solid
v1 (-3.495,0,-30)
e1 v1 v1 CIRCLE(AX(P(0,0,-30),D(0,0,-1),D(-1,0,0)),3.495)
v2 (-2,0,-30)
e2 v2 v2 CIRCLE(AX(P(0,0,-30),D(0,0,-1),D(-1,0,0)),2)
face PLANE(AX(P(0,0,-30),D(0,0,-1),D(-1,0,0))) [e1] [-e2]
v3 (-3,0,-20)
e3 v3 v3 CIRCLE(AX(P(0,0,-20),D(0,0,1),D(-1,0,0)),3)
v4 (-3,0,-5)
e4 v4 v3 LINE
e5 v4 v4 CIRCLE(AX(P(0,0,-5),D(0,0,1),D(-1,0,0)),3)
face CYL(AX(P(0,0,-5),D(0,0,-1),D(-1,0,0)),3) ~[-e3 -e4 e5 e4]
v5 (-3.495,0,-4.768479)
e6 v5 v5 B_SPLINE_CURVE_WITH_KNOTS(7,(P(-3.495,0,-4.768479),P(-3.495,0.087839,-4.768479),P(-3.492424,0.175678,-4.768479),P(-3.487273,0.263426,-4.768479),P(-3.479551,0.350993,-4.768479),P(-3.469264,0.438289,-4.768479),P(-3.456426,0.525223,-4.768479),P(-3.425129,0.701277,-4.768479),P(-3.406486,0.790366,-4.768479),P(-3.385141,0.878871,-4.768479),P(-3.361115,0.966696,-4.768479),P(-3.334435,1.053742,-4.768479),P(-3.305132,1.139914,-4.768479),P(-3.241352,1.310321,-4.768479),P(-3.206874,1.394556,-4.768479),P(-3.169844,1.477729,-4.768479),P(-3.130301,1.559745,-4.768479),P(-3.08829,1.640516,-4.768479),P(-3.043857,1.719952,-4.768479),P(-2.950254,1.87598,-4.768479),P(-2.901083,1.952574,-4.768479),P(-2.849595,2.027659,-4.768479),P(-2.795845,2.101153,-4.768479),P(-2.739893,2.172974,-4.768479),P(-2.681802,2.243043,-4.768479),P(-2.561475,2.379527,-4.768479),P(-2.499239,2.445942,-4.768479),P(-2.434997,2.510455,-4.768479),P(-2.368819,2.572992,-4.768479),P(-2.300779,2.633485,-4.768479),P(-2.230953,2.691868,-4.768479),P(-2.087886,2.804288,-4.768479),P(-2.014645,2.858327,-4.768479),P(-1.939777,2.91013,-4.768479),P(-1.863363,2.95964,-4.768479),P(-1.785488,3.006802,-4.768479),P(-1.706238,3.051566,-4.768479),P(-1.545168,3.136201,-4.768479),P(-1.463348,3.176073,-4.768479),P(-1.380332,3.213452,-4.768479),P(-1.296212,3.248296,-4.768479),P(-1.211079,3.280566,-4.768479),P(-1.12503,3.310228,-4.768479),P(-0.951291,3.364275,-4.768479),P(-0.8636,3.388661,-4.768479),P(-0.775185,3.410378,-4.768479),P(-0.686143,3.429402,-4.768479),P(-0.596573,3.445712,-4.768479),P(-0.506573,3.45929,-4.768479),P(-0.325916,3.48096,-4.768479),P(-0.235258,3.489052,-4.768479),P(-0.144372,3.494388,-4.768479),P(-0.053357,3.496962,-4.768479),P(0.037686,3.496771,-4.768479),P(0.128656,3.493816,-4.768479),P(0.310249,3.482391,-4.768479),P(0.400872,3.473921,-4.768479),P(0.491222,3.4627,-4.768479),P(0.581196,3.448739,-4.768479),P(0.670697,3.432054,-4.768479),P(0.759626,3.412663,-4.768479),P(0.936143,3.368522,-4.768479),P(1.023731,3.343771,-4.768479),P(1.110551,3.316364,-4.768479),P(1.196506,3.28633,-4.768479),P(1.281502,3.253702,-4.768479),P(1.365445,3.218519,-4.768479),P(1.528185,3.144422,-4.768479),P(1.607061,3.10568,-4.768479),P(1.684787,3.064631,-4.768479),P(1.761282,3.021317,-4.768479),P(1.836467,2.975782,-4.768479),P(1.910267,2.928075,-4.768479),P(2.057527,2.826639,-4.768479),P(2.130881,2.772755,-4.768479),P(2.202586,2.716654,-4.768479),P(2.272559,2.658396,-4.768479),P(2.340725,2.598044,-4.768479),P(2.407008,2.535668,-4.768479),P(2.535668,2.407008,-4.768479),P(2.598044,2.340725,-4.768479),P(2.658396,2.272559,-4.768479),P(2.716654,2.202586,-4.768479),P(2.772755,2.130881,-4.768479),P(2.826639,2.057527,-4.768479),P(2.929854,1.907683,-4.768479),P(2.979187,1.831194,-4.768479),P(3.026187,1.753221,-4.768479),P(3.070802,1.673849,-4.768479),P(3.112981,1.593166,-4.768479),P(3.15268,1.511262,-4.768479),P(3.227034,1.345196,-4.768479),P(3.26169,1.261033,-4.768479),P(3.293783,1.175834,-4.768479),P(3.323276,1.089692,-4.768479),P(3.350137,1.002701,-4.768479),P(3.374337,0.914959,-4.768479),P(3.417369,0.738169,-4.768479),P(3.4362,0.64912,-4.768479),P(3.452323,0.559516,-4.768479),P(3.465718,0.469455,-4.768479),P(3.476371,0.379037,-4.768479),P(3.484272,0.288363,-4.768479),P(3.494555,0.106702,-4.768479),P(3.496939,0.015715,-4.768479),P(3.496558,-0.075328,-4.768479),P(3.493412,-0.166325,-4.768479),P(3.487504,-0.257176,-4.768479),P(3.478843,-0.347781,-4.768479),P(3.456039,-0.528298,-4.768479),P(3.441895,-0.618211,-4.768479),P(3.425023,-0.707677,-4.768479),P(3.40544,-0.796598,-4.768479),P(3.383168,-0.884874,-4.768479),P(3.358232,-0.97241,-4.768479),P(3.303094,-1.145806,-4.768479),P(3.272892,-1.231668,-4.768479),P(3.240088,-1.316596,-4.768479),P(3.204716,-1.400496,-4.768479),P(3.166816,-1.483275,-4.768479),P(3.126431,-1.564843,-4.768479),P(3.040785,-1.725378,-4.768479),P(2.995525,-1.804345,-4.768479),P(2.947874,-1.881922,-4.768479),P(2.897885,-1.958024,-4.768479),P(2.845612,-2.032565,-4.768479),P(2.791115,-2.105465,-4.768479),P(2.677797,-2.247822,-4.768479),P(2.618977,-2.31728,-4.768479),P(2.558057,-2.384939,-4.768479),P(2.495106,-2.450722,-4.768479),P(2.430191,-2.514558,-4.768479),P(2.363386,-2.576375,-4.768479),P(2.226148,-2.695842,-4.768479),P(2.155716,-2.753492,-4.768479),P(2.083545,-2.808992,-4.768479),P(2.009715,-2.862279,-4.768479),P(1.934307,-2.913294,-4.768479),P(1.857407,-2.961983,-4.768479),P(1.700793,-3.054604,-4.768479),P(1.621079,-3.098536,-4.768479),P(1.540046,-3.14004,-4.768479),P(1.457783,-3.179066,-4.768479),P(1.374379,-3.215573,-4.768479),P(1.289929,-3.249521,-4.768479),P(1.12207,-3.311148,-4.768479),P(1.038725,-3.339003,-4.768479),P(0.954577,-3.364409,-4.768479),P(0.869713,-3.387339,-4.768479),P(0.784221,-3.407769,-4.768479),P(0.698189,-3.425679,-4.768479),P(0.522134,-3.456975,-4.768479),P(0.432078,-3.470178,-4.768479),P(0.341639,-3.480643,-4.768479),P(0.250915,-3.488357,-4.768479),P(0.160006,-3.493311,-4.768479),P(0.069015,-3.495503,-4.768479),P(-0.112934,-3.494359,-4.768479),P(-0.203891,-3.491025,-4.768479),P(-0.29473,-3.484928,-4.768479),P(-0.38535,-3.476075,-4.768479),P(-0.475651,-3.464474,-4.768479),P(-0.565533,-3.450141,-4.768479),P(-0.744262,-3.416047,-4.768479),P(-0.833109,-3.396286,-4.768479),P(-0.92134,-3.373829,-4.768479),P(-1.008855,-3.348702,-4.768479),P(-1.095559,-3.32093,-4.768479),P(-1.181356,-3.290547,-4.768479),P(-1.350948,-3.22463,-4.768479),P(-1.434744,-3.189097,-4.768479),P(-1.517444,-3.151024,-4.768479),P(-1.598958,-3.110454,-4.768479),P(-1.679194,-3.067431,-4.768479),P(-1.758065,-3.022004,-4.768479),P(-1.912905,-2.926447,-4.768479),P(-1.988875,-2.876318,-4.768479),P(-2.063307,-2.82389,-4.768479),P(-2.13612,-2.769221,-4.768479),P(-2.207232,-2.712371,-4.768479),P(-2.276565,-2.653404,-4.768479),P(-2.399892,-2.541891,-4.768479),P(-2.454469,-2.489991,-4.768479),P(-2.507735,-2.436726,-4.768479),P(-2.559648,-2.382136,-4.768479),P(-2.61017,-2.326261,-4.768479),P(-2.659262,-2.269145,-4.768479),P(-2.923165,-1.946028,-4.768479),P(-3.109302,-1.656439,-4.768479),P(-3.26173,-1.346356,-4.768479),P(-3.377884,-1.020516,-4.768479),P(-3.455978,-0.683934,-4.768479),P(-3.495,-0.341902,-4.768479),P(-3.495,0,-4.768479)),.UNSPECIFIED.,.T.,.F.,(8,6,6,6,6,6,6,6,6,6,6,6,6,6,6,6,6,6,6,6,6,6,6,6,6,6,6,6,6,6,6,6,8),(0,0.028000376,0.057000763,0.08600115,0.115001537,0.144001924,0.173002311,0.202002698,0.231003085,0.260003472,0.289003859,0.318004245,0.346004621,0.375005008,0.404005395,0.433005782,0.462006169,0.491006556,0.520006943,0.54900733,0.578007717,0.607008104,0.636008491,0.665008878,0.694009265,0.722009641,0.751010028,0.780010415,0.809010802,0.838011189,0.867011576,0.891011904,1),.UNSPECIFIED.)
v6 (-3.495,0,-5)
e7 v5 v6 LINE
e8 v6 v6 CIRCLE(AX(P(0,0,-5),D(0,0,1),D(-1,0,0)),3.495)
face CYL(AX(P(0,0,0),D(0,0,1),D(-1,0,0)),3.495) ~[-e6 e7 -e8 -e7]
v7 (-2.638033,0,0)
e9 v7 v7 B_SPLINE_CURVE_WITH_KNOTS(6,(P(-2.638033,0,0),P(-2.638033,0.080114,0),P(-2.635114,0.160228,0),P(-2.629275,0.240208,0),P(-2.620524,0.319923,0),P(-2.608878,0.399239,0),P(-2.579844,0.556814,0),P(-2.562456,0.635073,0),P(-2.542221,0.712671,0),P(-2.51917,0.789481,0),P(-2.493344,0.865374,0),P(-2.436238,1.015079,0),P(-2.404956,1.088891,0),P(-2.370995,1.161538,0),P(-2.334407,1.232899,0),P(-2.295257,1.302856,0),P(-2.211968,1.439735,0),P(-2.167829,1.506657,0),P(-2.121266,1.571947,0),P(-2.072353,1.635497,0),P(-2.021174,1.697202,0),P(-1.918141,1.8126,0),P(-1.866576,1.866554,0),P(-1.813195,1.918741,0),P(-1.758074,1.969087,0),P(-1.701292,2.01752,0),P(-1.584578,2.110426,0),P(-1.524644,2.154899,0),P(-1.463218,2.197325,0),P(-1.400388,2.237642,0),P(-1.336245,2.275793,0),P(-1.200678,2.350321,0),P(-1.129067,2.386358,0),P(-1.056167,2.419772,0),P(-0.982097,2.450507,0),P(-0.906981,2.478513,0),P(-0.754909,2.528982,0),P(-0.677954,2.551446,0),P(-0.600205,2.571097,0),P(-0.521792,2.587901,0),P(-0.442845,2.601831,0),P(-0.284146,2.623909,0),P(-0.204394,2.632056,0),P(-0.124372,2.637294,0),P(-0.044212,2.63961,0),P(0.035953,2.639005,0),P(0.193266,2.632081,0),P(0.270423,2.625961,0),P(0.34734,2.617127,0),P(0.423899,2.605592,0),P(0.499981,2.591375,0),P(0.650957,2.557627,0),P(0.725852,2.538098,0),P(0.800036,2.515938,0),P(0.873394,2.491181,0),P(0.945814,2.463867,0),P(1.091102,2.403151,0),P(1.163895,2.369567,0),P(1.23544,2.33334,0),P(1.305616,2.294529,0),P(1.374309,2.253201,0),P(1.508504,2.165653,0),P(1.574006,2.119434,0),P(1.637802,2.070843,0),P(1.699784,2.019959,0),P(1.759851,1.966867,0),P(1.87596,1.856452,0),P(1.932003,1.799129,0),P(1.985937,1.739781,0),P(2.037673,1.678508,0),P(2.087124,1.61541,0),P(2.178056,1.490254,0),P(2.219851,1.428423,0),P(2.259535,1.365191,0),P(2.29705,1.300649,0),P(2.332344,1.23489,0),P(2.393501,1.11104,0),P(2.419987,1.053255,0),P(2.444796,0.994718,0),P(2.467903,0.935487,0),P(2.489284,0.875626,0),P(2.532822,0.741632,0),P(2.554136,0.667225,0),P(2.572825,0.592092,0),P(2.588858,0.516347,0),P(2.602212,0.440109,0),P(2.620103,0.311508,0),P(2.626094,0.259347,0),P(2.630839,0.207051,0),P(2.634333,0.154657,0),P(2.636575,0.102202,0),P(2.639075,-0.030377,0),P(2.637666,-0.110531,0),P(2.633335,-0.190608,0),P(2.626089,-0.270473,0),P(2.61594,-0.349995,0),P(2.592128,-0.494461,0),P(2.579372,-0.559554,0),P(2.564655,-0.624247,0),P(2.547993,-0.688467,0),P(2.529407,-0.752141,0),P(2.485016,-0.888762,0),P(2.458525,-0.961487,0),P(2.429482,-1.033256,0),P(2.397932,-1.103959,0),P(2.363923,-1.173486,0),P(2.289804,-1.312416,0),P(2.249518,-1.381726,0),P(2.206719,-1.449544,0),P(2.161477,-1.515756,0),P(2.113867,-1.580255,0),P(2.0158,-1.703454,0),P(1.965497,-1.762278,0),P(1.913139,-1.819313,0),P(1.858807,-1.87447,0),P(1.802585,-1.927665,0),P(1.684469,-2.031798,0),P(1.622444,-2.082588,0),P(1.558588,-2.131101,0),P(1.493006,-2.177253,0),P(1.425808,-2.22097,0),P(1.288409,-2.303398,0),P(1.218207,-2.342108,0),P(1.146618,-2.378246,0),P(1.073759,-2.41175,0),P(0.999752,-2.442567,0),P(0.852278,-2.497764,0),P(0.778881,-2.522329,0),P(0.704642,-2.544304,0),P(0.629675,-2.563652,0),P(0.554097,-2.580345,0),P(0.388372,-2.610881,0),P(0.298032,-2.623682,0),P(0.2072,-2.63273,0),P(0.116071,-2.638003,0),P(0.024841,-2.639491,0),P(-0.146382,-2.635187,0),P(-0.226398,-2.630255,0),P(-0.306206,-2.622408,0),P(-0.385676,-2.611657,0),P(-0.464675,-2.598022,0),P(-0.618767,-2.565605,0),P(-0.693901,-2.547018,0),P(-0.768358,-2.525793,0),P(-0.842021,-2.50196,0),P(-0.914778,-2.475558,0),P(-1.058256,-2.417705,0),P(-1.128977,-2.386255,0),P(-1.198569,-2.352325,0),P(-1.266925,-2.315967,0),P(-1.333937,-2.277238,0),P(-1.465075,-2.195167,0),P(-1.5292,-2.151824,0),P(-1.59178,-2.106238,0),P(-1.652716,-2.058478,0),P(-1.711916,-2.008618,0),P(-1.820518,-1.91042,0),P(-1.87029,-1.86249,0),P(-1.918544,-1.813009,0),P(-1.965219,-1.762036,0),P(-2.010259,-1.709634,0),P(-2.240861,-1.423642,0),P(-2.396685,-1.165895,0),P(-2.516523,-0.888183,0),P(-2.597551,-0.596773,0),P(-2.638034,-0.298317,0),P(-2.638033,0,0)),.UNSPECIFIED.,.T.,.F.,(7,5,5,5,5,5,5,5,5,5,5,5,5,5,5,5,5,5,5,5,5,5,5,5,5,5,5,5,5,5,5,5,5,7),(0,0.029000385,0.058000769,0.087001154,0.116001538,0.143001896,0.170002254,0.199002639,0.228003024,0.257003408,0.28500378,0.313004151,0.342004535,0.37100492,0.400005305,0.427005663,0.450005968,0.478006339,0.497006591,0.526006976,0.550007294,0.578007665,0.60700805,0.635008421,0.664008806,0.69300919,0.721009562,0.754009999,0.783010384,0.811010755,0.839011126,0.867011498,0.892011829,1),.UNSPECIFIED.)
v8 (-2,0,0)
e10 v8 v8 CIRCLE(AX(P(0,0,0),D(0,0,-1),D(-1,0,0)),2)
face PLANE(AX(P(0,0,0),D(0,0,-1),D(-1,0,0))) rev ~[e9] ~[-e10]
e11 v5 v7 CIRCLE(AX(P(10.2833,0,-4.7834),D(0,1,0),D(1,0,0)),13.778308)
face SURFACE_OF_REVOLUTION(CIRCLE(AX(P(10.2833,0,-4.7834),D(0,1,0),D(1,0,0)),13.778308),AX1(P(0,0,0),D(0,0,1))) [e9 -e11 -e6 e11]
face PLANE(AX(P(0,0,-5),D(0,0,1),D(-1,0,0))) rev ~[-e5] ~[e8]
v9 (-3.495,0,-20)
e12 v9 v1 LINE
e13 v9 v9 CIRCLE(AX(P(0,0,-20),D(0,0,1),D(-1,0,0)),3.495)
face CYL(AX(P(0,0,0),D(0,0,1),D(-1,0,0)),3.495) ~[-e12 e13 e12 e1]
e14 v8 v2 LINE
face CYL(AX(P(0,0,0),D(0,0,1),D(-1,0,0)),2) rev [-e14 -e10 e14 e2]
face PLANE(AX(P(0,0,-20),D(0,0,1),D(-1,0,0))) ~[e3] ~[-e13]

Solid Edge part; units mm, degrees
sketch "Sketch1" plane through (0, 0, 0) normal (0, 0, -1) x (-1, 0, 0)
  circle A0 centre (0, 0) radius 2
  circle A1 centre (0, 0) radius 3.495
extrude "Protrusion1" add sketch "Sketch1" along normal blind 30
sketch "Sketch2" plane through (0, 0, 0) normal (0, -1, 0) x (1, 0, 0)
  line L0 (-7.0834, -20) -> (-7.0834, -5)
  line L1 (-7.0834, -5) -> (-3, -5)
  line L2 (-3, -5) -> (-3, -20)
  line L3 (-3, -20) -> (-7.0834, -20)
  arc A0 (-3.495, -4.7834) -> (-2.2003, 1.0477) centre (10.2833, -4.7834) cw
  line L4 (-2.2003, 1.0477) -> (-7.5454, 0.1871)
  line L5 (-7.5454, 0.1871) -> (-7.0698, -4.6128)
  line L6 (-7.0698, -4.6128) -> (-3.495, -4.7834)
revolve "RevolvedCutout1" cut sketch "Sketch2" angle 360 about axis through (0, 0, 0) along (0, 0, 1)
properties material "Réz, sárgaréz"
